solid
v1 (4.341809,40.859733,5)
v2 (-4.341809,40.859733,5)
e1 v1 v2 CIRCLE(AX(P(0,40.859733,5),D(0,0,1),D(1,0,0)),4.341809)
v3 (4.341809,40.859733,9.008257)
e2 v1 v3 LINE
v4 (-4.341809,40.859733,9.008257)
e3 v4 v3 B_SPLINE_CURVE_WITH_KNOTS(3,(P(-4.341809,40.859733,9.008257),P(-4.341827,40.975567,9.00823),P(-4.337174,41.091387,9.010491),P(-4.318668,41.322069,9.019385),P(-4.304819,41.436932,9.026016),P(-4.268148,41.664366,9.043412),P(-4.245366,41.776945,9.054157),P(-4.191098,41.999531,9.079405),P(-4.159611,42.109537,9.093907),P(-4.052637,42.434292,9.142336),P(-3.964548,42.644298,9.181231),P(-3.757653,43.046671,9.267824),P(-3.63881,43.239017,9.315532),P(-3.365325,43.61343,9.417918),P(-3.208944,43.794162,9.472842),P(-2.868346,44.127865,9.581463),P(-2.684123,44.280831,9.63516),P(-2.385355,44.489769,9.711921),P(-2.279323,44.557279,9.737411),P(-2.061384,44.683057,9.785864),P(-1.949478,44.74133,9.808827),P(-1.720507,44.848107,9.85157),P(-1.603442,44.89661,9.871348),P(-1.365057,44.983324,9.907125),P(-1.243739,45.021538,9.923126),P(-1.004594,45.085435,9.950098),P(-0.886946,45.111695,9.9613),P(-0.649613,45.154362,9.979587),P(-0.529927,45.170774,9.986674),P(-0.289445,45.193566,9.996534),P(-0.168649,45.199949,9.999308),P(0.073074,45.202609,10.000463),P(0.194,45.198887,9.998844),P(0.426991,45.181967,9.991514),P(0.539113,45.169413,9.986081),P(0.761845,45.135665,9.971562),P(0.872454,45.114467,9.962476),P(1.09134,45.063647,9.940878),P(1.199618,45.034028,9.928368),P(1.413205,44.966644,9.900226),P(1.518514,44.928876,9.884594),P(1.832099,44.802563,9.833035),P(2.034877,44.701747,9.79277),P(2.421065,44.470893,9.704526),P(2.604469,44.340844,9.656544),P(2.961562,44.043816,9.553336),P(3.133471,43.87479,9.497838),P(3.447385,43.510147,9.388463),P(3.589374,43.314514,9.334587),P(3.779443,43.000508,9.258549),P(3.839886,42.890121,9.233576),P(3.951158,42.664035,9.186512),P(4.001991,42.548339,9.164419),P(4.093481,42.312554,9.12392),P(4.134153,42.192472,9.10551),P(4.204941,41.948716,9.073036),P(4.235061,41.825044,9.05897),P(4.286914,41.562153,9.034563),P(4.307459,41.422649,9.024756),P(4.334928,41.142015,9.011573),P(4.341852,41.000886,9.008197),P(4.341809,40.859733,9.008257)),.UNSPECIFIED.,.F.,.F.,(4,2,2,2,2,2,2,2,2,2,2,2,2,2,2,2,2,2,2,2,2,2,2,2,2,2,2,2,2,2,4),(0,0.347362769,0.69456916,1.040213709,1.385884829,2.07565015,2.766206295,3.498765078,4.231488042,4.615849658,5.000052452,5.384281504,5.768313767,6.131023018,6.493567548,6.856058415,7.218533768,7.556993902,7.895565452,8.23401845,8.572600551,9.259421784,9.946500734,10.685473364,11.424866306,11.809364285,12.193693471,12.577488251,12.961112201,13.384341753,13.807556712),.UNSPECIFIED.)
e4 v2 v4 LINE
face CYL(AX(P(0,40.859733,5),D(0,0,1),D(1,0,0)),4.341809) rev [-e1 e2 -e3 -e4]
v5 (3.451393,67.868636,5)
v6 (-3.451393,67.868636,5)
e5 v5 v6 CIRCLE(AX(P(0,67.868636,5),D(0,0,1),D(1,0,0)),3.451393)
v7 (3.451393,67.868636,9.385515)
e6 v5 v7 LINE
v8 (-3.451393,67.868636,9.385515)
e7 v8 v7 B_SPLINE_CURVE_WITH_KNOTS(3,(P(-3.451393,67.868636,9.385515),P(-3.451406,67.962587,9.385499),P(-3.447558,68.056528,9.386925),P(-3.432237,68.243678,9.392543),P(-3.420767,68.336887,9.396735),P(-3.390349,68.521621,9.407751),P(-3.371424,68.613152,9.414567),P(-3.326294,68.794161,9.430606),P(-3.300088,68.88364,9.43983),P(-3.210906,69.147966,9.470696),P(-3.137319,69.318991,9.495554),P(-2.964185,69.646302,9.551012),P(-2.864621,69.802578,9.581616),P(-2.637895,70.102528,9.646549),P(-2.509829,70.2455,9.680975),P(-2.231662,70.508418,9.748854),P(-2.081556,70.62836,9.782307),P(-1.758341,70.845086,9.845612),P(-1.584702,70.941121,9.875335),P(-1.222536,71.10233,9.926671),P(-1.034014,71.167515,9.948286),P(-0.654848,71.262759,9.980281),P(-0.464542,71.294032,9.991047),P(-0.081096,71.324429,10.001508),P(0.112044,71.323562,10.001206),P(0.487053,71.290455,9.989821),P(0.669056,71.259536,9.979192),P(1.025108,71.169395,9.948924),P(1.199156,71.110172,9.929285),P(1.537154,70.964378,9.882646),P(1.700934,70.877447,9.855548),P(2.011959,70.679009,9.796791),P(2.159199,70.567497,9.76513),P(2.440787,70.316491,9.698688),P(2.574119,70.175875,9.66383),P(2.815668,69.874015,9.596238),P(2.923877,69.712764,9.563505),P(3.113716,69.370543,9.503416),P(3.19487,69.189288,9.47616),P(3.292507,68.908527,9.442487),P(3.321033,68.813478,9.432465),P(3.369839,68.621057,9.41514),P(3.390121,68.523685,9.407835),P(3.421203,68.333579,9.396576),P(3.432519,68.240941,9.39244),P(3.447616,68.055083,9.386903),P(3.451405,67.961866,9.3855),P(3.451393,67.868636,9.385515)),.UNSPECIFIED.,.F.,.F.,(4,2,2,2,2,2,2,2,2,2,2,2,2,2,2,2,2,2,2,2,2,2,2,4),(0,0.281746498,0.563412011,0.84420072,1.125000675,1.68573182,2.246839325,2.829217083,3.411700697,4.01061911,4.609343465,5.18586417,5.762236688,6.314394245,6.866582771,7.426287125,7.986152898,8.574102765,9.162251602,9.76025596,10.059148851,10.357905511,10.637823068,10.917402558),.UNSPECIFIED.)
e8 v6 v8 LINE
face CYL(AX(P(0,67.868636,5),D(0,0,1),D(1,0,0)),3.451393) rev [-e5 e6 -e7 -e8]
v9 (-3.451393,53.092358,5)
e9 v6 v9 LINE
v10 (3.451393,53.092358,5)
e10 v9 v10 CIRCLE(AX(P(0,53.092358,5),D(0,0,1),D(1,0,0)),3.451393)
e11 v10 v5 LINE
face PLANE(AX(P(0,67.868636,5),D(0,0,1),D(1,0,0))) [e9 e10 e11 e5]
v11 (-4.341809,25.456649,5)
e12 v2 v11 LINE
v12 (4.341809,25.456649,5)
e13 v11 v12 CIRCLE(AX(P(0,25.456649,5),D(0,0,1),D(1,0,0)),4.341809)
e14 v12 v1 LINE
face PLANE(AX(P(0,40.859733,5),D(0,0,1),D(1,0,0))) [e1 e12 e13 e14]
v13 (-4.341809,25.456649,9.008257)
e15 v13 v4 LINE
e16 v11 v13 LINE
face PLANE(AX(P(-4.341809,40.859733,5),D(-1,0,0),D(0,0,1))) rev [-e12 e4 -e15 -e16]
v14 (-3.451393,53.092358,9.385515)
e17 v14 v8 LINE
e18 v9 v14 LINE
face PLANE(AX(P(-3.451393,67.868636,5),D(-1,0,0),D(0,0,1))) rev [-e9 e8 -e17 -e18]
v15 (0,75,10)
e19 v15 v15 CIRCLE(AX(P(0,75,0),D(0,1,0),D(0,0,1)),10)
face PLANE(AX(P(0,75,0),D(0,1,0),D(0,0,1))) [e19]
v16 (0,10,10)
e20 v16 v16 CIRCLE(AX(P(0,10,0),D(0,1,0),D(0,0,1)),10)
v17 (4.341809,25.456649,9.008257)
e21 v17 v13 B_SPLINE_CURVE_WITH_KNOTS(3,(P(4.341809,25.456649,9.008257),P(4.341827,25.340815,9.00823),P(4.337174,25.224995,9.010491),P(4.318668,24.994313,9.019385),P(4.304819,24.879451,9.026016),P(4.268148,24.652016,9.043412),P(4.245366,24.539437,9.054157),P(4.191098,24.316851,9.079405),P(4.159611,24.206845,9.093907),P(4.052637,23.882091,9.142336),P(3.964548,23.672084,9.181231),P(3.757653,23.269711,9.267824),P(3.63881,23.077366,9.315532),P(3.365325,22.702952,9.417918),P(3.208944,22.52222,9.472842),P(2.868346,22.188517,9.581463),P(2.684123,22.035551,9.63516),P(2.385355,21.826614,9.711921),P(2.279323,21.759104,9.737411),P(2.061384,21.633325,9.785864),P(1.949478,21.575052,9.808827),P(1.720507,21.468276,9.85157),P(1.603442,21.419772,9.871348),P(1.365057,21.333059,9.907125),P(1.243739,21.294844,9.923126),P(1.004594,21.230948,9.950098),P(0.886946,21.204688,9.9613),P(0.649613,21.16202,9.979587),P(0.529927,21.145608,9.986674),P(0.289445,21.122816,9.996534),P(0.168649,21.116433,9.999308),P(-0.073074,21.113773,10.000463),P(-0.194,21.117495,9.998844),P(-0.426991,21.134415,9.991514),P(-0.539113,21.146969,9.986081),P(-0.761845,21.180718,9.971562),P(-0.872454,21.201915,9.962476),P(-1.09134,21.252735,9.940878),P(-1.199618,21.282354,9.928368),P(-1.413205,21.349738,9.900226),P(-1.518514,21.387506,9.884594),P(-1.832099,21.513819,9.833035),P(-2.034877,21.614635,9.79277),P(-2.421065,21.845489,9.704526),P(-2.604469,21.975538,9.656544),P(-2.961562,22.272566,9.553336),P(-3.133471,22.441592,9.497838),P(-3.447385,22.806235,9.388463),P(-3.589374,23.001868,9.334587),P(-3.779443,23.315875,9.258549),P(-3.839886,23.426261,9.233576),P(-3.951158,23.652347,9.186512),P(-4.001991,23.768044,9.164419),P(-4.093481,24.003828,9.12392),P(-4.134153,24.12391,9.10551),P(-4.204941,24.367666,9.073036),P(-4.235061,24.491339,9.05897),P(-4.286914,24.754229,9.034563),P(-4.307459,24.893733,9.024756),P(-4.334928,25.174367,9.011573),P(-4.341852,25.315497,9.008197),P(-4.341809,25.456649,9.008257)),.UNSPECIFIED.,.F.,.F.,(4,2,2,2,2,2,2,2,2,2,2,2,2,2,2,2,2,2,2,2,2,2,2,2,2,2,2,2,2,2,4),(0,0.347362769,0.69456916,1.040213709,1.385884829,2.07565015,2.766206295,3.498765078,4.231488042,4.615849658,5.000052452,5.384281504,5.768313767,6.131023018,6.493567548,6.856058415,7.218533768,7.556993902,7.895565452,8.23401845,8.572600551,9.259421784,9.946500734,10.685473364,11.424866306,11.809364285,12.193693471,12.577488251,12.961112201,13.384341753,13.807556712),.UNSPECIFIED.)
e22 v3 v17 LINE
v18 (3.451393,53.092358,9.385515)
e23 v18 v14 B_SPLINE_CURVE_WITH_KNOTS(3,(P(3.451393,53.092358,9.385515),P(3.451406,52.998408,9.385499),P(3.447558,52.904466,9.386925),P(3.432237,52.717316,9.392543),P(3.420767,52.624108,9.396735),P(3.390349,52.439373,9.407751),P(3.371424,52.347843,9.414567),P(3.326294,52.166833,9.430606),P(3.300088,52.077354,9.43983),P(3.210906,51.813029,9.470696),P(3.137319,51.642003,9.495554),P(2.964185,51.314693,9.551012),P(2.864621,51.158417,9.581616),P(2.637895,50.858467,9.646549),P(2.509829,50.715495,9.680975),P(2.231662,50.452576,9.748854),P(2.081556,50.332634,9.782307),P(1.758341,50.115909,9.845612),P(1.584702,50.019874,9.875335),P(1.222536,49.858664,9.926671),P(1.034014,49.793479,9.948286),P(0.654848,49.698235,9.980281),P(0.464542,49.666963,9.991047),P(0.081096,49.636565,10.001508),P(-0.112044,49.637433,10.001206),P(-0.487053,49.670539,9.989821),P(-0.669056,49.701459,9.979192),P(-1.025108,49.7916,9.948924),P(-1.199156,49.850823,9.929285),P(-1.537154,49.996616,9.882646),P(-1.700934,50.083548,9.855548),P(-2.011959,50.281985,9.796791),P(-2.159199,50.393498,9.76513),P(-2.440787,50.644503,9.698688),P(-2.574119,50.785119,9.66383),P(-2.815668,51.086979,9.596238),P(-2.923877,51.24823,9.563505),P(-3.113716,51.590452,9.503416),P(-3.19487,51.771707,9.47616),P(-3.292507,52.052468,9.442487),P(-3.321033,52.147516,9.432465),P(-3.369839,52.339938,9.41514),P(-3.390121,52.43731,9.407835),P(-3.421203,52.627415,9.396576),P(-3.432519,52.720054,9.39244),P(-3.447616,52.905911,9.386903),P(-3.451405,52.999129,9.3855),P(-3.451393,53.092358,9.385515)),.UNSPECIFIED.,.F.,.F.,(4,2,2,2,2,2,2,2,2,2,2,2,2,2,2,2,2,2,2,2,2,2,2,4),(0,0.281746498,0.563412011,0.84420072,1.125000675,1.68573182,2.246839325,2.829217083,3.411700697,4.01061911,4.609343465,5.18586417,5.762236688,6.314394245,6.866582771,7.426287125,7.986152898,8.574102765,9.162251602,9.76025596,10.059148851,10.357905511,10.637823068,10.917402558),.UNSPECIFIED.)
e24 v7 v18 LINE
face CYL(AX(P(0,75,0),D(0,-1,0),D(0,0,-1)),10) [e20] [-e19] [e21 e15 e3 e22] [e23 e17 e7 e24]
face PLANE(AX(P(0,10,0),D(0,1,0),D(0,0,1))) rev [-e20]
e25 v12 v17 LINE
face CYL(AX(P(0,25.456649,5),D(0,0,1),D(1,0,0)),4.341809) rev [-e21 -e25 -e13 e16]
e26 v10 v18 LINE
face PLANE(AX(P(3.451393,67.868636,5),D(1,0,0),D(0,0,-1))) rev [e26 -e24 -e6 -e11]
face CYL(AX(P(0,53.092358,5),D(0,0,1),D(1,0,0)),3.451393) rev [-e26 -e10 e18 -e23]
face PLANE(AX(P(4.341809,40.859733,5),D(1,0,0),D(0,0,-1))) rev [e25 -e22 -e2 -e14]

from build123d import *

# Parameters (mm, degrees)
SKETCH_2_R          = 10
EXTRUDE_1_DEPTH     = 65
CUT_EXTRUDE_2_DEPTH = 5
CUT_EXTRUDE_3_DEPTH = 5


with BuildPart() as part:
    # 草图2 → 凸台-拉伸1 (new body)
    with BuildSketch(Plane(origin=(0, 10, 0), x_dir=(1, 0, 0), z_dir=(0, 1, 0))):
        Circle(SKETCH_2_R)
    extrude(amount=EXTRUDE_1_DEPTH)

    # 草图5 → 切除-拉伸2 (cut)
    with BuildSketch(Plane.XY.offset(10)):
        with BuildLine():
            Line((4.341808906, 40.859733082), (4.341808906, 25.456649106))
            ThreePointArc((4.341808906, 25.456649106), (0, 21.114840199), (-4.341808906, 25.456649106))
            Line((-4.341808906, 25.456649106), (-4.341808906, 40.859733082))
            ThreePointArc((-4.341808906, 40.859733082), (0, 45.201541988), (4.341808906, 40.859733082))
        make_face()
    extrude(amount=-CUT_EXTRUDE_2_DEPTH, mode=Mode.SUBTRACT)

    # 草图6 → 切除-拉伸3 (cut)
    with BuildSketch(Plane.XY.offset(10)):
        with BuildLine():
            Line((3.451393492, 67.868636429), (3.451393492, 53.092358039))
            ThreePointArc((3.451393492, 53.092358039), (0, 49.640964547), (-3.451393492, 53.092358039))
            Line((-3.451393492, 53.092358039), (-3.451393492, 67.868636429))
            ThreePointArc((-3.451393492, 67.868636429), (0, 71.320029921), (3.451393492, 67.868636429))
        make_face()
    extrude(amount=-CUT_EXTRUDE_3_DEPTH, mode=Mode.SUBTRACT)


solid = part.part
